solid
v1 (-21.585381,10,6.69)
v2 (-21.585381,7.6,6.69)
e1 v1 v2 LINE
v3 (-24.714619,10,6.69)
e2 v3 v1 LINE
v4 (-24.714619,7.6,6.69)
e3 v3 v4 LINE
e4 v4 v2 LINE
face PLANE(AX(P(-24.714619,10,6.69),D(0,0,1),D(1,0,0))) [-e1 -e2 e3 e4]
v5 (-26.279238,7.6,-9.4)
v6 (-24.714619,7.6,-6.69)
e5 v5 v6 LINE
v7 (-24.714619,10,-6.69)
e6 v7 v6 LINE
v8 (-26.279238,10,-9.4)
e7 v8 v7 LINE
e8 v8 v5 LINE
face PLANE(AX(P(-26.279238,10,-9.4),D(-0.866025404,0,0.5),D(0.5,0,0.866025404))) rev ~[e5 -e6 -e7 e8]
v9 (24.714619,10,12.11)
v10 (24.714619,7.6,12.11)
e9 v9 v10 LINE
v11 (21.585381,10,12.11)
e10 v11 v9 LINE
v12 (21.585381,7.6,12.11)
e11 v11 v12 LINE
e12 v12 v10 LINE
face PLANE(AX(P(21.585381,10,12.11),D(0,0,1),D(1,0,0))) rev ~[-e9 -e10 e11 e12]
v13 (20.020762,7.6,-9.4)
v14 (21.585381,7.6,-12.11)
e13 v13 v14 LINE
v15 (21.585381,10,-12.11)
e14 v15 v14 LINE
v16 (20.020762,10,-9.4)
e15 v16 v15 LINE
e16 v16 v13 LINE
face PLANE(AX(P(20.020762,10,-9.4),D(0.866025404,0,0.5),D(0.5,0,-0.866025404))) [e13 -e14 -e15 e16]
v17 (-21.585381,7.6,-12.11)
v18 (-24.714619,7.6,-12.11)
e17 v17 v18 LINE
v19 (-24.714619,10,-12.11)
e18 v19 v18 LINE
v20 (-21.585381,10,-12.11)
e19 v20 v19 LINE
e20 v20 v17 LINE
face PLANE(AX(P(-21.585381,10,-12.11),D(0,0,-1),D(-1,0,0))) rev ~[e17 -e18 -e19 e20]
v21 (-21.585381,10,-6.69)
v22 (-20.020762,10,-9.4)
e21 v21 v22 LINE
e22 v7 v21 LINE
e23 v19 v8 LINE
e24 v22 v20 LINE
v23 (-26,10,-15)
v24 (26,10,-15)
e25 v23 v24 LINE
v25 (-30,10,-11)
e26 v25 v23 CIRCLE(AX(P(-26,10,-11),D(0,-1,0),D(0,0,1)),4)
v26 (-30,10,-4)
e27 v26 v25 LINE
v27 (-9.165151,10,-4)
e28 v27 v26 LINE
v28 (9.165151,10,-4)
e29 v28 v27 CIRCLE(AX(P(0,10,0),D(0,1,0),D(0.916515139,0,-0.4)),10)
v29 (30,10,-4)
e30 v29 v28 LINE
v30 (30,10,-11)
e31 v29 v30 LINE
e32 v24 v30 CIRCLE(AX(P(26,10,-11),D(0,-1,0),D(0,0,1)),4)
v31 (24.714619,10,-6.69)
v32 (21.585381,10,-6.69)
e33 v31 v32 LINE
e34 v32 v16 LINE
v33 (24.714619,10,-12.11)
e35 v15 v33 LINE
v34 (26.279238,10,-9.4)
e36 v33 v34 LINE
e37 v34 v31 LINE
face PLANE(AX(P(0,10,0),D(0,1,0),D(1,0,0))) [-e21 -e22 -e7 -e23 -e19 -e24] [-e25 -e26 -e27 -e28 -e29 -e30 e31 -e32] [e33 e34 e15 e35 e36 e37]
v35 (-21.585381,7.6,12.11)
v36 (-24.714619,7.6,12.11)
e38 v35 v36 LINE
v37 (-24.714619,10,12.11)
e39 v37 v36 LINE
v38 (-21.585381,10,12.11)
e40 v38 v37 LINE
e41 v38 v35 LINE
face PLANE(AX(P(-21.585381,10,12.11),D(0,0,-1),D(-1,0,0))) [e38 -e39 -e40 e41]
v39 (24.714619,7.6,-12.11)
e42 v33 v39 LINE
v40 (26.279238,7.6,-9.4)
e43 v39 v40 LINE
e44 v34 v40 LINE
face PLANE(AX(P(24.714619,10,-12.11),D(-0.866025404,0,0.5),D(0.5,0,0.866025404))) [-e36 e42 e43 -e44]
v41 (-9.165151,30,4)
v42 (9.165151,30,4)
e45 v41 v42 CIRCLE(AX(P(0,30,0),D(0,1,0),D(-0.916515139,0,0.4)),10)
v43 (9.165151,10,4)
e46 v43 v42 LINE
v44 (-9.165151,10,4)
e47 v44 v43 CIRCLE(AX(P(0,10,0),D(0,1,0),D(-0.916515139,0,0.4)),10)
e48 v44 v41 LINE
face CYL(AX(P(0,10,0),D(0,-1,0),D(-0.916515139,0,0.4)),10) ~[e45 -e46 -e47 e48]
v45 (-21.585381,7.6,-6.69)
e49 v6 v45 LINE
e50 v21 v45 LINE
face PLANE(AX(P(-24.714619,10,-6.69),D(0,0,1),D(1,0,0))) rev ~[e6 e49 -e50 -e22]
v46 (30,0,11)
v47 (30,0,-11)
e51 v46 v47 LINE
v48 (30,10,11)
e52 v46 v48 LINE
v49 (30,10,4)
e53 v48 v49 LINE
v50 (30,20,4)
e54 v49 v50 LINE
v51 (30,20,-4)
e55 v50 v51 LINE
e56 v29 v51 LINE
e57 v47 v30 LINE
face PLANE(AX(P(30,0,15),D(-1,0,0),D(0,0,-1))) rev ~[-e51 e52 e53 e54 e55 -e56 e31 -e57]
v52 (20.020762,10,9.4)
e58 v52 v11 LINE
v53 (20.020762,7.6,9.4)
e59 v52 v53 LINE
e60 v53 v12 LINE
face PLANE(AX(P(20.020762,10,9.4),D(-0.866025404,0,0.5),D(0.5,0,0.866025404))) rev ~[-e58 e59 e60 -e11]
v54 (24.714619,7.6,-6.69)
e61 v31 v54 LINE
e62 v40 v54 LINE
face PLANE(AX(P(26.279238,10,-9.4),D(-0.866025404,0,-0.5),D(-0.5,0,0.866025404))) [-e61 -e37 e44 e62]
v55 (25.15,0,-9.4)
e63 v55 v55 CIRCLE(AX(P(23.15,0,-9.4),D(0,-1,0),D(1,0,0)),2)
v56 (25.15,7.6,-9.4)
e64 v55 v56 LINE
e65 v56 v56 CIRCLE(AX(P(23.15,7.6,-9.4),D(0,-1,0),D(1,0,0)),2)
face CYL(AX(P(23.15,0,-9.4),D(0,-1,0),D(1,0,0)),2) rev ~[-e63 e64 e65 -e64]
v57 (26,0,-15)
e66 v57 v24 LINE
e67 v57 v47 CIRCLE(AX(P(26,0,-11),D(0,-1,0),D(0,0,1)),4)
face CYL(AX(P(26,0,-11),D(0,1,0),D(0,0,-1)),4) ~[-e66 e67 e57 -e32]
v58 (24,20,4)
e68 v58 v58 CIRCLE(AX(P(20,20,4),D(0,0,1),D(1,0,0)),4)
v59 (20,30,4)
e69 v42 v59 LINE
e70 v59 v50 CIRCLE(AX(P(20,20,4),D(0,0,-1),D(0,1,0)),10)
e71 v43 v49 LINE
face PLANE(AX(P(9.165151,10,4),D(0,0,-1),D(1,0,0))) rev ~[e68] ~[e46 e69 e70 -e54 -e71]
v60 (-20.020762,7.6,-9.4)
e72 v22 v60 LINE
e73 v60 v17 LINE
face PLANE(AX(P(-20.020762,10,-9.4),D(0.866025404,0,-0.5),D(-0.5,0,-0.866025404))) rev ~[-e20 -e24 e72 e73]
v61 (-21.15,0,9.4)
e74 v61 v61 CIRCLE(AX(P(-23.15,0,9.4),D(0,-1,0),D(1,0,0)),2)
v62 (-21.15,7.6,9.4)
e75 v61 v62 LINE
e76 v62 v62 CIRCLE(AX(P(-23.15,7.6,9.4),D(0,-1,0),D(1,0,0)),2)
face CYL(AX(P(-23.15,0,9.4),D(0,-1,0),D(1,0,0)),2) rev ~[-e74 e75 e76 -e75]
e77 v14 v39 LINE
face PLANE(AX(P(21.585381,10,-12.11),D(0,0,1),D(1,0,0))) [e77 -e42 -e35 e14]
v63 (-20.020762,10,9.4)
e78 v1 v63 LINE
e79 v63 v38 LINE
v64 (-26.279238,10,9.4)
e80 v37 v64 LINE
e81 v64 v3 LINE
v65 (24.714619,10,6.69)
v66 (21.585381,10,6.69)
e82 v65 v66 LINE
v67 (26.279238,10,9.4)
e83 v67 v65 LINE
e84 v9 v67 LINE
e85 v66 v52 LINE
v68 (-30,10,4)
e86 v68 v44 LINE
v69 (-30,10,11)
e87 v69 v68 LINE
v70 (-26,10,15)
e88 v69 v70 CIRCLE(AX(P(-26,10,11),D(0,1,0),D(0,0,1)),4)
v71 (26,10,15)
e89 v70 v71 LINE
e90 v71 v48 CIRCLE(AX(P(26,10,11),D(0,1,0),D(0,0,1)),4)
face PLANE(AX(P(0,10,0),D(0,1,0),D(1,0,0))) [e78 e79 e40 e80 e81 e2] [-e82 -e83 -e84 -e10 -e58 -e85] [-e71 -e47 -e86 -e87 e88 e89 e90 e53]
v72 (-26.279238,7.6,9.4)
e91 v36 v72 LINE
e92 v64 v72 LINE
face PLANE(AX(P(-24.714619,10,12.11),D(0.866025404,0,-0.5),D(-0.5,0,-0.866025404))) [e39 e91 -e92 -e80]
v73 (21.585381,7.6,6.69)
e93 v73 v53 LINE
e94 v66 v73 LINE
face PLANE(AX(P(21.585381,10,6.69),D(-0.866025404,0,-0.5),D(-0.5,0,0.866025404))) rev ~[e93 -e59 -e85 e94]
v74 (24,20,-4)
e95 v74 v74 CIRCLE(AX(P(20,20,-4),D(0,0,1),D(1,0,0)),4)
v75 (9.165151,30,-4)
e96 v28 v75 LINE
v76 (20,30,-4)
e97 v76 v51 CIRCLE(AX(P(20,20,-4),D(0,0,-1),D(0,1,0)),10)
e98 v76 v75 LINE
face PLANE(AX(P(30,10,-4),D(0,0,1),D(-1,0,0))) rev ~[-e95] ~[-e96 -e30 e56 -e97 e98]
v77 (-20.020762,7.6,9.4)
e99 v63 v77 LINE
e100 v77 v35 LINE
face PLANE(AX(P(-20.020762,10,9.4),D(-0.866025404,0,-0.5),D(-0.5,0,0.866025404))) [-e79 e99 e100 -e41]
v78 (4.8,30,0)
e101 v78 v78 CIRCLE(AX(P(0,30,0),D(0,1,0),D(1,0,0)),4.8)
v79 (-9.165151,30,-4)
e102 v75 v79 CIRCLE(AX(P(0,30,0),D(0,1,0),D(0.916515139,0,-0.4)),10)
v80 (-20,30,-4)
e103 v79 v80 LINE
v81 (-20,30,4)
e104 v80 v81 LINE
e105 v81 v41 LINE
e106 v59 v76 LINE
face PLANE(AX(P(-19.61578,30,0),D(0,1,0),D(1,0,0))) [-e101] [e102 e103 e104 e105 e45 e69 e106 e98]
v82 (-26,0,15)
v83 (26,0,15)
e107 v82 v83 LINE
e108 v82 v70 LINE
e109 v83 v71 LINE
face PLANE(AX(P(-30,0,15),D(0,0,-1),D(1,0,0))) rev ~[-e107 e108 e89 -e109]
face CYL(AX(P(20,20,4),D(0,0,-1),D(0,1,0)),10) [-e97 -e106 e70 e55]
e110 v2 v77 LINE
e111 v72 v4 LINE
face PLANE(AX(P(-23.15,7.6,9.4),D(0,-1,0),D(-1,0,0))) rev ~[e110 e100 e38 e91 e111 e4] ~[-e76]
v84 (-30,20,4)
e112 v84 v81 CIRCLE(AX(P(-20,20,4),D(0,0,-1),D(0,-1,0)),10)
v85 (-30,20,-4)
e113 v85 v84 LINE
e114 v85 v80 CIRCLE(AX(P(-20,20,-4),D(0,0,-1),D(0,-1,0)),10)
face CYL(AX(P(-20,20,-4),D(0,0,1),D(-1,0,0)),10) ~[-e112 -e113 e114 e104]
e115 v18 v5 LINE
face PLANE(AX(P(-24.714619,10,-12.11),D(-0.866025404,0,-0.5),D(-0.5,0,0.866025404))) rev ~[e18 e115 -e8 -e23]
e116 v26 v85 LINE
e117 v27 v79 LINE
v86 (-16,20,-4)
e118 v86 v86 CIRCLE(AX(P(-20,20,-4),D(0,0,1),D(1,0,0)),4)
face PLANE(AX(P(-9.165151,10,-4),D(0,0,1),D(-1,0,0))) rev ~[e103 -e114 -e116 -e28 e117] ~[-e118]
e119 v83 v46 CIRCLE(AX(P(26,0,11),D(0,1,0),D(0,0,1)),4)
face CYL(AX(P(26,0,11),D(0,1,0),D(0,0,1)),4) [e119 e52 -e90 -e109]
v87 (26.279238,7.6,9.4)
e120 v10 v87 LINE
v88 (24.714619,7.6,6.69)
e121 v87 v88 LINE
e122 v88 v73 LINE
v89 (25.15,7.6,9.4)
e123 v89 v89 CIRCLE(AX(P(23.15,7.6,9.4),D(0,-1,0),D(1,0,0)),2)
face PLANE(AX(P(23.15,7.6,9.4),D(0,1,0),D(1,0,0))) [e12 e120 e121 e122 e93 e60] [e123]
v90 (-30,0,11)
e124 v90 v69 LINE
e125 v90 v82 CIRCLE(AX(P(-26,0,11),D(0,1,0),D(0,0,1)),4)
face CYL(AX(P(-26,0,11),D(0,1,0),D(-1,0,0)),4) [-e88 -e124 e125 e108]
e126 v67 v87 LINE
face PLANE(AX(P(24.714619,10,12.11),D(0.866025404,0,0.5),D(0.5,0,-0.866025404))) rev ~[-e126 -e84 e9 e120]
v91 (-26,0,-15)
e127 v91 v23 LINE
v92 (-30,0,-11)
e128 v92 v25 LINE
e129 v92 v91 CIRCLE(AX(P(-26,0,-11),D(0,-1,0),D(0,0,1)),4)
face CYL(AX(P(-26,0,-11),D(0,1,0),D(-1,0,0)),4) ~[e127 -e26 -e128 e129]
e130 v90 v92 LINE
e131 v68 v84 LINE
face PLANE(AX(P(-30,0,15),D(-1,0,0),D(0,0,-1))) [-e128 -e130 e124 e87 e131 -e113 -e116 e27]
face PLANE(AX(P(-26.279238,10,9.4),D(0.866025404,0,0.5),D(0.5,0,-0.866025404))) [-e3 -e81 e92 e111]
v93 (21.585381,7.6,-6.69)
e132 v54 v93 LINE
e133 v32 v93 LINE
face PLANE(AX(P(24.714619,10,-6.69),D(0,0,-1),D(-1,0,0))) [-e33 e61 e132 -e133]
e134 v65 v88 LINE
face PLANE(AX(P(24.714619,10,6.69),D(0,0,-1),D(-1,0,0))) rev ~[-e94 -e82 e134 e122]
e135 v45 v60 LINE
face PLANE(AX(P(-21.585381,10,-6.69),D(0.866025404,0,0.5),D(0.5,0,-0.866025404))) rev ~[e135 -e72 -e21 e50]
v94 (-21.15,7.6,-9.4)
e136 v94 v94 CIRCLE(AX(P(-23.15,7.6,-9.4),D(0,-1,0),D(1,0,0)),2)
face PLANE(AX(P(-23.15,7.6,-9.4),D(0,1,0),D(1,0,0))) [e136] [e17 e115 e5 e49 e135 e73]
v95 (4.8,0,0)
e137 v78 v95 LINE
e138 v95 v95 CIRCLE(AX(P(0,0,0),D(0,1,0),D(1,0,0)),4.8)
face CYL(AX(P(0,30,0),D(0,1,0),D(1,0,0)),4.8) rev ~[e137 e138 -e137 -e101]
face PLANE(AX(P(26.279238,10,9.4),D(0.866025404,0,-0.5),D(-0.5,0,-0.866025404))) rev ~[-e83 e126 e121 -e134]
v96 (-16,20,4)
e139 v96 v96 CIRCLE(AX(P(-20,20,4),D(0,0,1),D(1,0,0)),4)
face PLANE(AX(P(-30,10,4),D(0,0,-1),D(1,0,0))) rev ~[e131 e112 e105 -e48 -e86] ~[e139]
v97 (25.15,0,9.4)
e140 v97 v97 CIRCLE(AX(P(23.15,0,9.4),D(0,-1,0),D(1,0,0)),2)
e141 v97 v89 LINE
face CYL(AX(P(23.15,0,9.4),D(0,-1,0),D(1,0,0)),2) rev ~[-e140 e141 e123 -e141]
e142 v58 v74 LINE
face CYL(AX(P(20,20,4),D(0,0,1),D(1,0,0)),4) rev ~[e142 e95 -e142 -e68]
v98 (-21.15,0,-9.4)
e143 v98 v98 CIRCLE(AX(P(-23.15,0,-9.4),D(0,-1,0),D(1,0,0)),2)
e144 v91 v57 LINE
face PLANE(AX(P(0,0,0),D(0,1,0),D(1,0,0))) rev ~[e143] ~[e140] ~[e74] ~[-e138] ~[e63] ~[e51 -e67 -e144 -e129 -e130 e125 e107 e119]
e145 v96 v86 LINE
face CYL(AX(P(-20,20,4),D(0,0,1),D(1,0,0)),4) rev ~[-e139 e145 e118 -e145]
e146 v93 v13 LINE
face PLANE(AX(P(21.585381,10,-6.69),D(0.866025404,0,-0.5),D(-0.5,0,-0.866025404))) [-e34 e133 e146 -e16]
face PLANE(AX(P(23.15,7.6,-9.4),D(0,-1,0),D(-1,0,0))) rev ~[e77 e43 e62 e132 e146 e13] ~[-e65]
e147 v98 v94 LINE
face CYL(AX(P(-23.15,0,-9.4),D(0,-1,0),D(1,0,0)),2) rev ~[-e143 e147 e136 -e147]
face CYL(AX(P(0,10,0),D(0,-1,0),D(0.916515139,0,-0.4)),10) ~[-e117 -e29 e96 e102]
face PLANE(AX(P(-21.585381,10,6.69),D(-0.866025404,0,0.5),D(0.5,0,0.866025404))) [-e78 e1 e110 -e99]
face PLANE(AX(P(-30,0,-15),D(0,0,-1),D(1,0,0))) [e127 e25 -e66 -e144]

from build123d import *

# Parameters (mm, degrees)
SKETCH2_W           = 60
SKETCH2_H           = 30
BASE_DEPTH          = 10
STRUCTURE_DEPTH     = 20
SKETCH4_R           = 4
ELASTIC_HOLES_DEPTH = 20
SKETCH5_R           = 4.8
PEN_HOLE_DEPTH      = 31
UPPER_CORNER_DEC_R  = 10
BASE_CORNER_DEC_R   = 4
SKETCH6_R           = 2
BOLT_HOLES_DEPTH    = 31
CAP_NUT_HOLES_DEPTH = 2.4


with BuildPart() as part:
    # Sketch2 → Base (new body)
    with BuildSketch(Plane(origin=(0, 0, 0), x_dir=(1, 0, 0), z_dir=(0, 1, 0))):
        Rectangle(SKETCH2_W, SKETCH2_H)
    extrude(amount=BASE_DEPTH)

    # Sketch3 → Structure (add)
    with BuildSketch(Plane(origin=(0, 10, 0), x_dir=(1, 0, 0), z_dir=(0, 1, 0))):
        with BuildLine():
            Line((-9.16515139, 4), (-30, 4))
            Line((-30, 4), (-30, -4))
            Line((-30, -4), (-9.16515139, -4))
            ThreePointArc((-9.16515139, -4), (-10, 0), (-9.16515139, 4))
        make_face()
        with BuildLine():
            ThreePointArc((9.16515139, 4), (0, 10), (-9.16515139, 4))
            Line((-9.16515139, 4), (9.16515139, 4))
        make_face()
        with BuildLine():
            Line((9.16515139, 4), (-9.16515139, 4))
            ThreePointArc((-9.16515139, 4), (-10, 0), (-9.16515139, -4))
            Line((-9.16515139, -4), (9.16515139, -4))
            ThreePointArc((9.16515139, -4), (9.789063129, -2.043096437), (10, 0))
            ThreePointArc((10, 0), (9.789063129, 2.043096437), (9.16515139, 4))
        make_face()
        with BuildLine():
            Line((9.16515139, -4), (-9.16515139, -4))
            ThreePointArc((-9.16515139, -4), (0, -10), (9.16515139, -4))
        make_face()
        with BuildLine():
            Line((30, 4), (9.16515139, 4))
            ThreePointArc((9.16515139, 4), (9.789063129, 2.043096437), (10, 0))
            ThreePointArc((10, 0), (9.789063129, -2.043096437), (9.16515139, -4))
            Line((9.16515139, -4), (30, -4))
            Line((30, -4), (30, 4))
        make_face()
    extrude(amount=STRUCTURE_DEPTH)

    # Sketch4 → Elastic Holes (cut, through all)
    with BuildSketch(Plane.XY.offset(4)):
        with Locations((-20, 20)):
            Circle(SKETCH4_R)
        with Locations((20, 20)):
            Circle(SKETCH4_R)
    extrude(amount=-ELASTIC_HOLES_DEPTH, mode=Mode.SUBTRACT)

    # Sketch5 → Pen Hole (cut, through all)
    with BuildSketch(Plane(origin=(0, 30, 0), x_dir=(1, 0, 0), z_dir=(0, 1, 0))):
        Circle(SKETCH5_R)
    extrude(amount=-PEN_HOLE_DEPTH, mode=Mode.SUBTRACT)

    # Upper Corner Dec
    upper_corner_dec_edges = [part.edges().sort_by_distance(p)[0] for p in [
        (30, 30, 0),
        (-30, 30, 0),
    ]]
    fillet(upper_corner_dec_edges, radius=UPPER_CORNER_DEC_R)

    # Base Corner Dec
    base_corner_dec_edges = [part.edges().sort_by_distance(p)[0] for p in [
        (-30, 5, -15),
        (30, 5, -15),
        (30, 5, 15),
        (-30, 5, 15),
    ]]
    fillet(base_corner_dec_edges, radius=BASE_CORNER_DEC_R)

    # Sketch6 → Bolt Holes (cut, through all)
    with BuildSketch(Plane.XZ):
        with Locations((-23.15, 9.4)):
            Circle(SKETCH6_R)
        with Locations((23.15, 9.4)):
            Circle(SKETCH6_R)
        with Locations((23.15, -9.4)):
            Circle(SKETCH6_R)
        with Locations((-23.15, -9.4)):
            Circle(SKETCH6_R)
    extrude(amount=-BOLT_HOLES_DEPTH, mode=Mode.SUBTRACT)

    # Sketch7 → Cap Nut Holes (cut)
    with BuildSketch(Plane(origin=(0, 10, 0), x_dir=(1, 0, 0), z_dir=(0, 1, 0))):
        Polygon((-21.58538077, 12.11), (-24.71461923, 12.11), (-26.279238459, 9.4), (-24.71461923, 6.69), (-21.58538077, 6.69), (-20.020761541, 9.4), align=None)
        Polygon((20.020761541, 9.4), (21.58538077, 12.11), (24.71461923, 12.11), (26.279238459, 9.4), (24.71461923, 6.69), (21.58538077, 6.69), align=None)
        Polygon((21.58538077, -12.11), (24.71461923, -12.11), (26.279238459, -9.4), (24.71461923, -6.69), (21.58538077, -6.69), (20.020761541, -9.4), align=None)
        Polygon((-20.020761541, -9.4), (-21.58538077, -12.11), (-24.71461923, -12.11), (-26.279238459, -9.4), (-24.71461923, -6.69), (-21.58538077, -6.69), align=None)
    extrude(amount=-CAP_NUT_HOLES_DEPTH, mode=Mode.SUBTRACT)


solid = part.part
